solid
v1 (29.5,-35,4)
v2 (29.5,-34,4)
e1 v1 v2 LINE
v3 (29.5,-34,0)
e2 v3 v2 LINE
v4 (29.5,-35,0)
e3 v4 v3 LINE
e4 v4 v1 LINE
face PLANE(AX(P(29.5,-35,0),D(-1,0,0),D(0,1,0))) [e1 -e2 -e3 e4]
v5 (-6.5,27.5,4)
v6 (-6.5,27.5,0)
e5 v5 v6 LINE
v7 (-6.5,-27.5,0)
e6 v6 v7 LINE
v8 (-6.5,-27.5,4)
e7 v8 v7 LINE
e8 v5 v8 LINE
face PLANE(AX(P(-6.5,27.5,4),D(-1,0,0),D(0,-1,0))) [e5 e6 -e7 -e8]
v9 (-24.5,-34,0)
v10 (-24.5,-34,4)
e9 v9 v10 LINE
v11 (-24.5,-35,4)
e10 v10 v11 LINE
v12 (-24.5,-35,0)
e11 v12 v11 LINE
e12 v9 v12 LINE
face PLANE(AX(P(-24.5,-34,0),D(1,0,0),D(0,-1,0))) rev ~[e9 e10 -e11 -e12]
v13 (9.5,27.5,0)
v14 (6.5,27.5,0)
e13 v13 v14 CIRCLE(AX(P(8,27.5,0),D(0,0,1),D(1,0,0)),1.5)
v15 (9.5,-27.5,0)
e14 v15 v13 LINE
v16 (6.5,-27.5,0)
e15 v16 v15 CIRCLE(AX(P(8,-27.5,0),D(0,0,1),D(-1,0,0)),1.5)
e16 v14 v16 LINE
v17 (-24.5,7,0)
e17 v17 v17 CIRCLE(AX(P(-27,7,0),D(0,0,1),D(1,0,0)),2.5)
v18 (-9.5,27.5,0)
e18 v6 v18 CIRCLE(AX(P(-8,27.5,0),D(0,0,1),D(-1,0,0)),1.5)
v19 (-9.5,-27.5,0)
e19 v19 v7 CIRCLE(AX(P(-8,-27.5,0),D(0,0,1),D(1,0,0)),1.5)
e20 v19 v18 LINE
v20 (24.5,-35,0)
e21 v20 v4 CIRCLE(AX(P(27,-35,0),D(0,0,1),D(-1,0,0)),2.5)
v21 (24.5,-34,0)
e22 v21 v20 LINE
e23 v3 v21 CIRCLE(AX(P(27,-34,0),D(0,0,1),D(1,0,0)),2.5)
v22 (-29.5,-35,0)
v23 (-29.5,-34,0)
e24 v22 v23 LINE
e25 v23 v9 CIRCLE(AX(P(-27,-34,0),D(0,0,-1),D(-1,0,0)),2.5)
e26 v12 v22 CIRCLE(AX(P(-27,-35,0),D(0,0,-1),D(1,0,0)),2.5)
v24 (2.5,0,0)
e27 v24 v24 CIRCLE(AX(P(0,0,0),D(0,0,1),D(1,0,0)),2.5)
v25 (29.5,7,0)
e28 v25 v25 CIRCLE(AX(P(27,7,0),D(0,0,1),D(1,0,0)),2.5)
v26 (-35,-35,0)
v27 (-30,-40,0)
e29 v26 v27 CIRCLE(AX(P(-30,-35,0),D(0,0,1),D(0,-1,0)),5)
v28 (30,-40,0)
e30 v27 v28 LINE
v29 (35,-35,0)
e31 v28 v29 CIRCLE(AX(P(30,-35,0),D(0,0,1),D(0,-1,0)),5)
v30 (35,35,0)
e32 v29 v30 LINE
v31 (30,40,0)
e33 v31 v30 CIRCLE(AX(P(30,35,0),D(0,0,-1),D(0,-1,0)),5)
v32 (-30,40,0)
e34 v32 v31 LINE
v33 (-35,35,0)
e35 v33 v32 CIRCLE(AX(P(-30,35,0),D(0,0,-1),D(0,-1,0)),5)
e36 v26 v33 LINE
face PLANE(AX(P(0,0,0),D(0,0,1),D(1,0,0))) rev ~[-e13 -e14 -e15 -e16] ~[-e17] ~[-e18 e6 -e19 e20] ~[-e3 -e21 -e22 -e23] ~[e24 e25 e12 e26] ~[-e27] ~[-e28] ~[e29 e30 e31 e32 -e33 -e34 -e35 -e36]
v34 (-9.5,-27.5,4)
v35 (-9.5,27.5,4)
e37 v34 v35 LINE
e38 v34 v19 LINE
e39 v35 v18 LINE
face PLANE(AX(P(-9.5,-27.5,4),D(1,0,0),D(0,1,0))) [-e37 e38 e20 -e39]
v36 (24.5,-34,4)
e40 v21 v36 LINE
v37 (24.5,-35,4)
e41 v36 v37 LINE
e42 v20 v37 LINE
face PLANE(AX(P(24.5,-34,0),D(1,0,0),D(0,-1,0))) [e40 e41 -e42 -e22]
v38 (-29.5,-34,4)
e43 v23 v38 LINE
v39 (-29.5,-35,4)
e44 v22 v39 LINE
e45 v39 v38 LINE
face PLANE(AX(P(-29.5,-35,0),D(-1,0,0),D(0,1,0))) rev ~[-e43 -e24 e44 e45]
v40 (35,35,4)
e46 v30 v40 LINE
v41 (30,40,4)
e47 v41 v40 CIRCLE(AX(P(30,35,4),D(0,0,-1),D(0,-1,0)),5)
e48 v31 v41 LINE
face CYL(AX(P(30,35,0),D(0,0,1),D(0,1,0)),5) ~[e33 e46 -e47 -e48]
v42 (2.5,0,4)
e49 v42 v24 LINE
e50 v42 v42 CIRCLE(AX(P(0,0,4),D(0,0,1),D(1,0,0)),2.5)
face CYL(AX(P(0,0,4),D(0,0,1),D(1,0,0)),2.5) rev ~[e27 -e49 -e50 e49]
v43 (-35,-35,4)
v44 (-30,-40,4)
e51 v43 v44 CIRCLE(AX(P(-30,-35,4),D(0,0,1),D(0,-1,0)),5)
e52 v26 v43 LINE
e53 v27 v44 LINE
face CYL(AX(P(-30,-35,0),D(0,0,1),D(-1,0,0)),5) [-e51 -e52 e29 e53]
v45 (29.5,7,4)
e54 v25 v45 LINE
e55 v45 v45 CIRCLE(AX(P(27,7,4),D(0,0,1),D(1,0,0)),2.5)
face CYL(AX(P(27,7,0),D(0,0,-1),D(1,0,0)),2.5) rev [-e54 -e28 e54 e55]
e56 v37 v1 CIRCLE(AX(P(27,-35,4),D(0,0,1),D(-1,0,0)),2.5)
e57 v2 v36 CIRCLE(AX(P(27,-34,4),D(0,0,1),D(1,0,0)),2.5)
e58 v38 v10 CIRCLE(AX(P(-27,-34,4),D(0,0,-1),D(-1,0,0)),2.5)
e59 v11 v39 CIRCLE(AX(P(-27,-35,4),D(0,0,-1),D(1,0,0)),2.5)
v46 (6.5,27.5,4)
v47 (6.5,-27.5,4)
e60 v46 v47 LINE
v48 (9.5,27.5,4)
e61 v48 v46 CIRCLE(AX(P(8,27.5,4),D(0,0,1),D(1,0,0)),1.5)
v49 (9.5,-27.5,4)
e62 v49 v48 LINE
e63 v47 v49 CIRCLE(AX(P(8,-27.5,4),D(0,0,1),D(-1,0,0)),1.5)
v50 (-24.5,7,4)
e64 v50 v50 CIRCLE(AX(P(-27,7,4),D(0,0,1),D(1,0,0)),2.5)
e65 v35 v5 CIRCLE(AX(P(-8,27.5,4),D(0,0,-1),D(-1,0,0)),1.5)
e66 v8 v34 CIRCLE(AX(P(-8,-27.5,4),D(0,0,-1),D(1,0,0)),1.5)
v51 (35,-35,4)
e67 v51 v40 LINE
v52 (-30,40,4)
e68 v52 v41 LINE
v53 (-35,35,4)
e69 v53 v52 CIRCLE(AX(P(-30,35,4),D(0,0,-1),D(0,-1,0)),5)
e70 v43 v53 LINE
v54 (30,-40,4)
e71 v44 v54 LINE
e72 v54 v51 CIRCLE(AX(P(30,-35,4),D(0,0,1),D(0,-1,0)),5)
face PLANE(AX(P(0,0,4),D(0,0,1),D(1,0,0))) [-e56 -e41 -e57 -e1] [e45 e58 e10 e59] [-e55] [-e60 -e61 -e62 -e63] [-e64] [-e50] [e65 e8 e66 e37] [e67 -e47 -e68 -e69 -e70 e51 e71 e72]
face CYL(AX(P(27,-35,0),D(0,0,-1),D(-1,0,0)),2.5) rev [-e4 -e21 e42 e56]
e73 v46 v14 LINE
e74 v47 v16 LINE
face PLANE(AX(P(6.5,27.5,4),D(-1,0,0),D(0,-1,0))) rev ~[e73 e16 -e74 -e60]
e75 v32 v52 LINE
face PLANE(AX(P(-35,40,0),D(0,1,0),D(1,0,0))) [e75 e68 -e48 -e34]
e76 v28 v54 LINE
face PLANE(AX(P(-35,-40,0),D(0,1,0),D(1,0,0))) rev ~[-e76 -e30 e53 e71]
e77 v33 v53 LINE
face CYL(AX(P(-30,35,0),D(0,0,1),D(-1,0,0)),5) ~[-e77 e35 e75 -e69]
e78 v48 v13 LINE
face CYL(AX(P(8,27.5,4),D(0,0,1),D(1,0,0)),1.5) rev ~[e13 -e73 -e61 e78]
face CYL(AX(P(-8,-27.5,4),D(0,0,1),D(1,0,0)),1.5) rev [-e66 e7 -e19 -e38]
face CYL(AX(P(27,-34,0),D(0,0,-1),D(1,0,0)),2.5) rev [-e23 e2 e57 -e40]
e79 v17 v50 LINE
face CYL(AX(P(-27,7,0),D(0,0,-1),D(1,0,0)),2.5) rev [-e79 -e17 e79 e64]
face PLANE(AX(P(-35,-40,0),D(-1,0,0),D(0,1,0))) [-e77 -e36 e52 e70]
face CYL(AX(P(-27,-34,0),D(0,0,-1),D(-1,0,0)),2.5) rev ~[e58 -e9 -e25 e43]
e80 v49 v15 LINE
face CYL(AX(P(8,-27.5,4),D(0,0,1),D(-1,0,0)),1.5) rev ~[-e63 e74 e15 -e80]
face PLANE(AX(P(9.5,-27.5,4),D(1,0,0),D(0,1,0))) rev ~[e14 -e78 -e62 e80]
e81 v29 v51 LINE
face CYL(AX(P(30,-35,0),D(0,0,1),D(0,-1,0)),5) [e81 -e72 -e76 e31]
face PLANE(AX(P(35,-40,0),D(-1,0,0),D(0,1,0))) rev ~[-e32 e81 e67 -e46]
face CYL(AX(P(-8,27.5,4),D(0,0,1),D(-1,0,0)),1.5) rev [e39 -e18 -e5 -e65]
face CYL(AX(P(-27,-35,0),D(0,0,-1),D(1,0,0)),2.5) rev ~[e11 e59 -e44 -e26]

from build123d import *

# Parameters (mm, degrees)
SKETCH4_W           = 70
SKETCH4_H           = 80
SKETCH4_R           = 2.5
BOSS_EXTRUDE2_DEPTH = 4
FILLET1_R           = 5
SKETCH6_R           = 2.5
CUT_EXTRUDE1_DEPTH  = 5


with BuildPart() as part:
    # Sketch4 → Boss-Extrude2 (new body)
    with BuildSketch(Plane.XY):
        Rectangle(SKETCH4_W, SKETCH4_H)
        with Locations((-27, 7)):
            Circle(SKETCH4_R, mode=Mode.SUBTRACT)
        with Locations((27, 7)):
            Circle(SKETCH4_R, mode=Mode.SUBTRACT)
        with BuildLine():
            Line((-24.5, -34), (-24.5, -35))
            ThreePointArc((-24.5, -35), (-27, -37.5), (-29.5, -35))
            Line((-29.5, -35), (-29.5, -34))
            ThreePointArc((-29.5, -34), (-27, -31.5), (-24.5, -34))
        make_face(mode=Mode.SUBTRACT)
        with BuildLine():
            Line((24.5, -34), (24.5, -35))
            ThreePointArc((24.5, -35), (27, -37.5), (29.5, -35))
            Line((29.5, -35), (29.5, -34))
            ThreePointArc((29.5, -34), (27, -31.5), (24.5, -34))
        make_face(mode=Mode.SUBTRACT)
    extrude(amount=BOSS_EXTRUDE2_DEPTH)

    # Fillet1
    fillet1_edges = [part.edges().sort_by_distance(p)[0] for p in [
        (35, -40, 2),
        (-35, -40, 2),
        (-35, 40, 2),
        (35, 40, 2),
    ]]
    fillet(fillet1_edges, radius=FILLET1_R)

    # Sketch6 → Cut-Extrude1 (cut, through all)
    with BuildSketch(Plane.XY.offset(4)):
        Circle(SKETCH6_R)
        with BuildLine():
            Line((-6.5, 27.5), (-6.5, -27.5))
            ThreePointArc((-6.5, -27.5), (-8, -29), (-9.5, -27.5))
            Line((-9.5, -27.5), (-9.5, 27.5))
            ThreePointArc((-9.5, 27.5), (-8, 29), (-6.5, 27.5))
        make_face()
        with BuildLine():
            Line((6.5, 27.5), (6.5, -27.5))
            ThreePointArc((6.5, -27.5), (8, -29), (9.5, -27.5))
            Line((9.5, -27.5), (9.5, 27.5))
            ThreePointArc((9.5, 27.5), (8, 29), (6.5, 27.5))
        make_face()
    extrude(amount=-CUT_EXTRUDE1_DEPTH, mode=Mode.SUBTRACT)


solid = part.part
